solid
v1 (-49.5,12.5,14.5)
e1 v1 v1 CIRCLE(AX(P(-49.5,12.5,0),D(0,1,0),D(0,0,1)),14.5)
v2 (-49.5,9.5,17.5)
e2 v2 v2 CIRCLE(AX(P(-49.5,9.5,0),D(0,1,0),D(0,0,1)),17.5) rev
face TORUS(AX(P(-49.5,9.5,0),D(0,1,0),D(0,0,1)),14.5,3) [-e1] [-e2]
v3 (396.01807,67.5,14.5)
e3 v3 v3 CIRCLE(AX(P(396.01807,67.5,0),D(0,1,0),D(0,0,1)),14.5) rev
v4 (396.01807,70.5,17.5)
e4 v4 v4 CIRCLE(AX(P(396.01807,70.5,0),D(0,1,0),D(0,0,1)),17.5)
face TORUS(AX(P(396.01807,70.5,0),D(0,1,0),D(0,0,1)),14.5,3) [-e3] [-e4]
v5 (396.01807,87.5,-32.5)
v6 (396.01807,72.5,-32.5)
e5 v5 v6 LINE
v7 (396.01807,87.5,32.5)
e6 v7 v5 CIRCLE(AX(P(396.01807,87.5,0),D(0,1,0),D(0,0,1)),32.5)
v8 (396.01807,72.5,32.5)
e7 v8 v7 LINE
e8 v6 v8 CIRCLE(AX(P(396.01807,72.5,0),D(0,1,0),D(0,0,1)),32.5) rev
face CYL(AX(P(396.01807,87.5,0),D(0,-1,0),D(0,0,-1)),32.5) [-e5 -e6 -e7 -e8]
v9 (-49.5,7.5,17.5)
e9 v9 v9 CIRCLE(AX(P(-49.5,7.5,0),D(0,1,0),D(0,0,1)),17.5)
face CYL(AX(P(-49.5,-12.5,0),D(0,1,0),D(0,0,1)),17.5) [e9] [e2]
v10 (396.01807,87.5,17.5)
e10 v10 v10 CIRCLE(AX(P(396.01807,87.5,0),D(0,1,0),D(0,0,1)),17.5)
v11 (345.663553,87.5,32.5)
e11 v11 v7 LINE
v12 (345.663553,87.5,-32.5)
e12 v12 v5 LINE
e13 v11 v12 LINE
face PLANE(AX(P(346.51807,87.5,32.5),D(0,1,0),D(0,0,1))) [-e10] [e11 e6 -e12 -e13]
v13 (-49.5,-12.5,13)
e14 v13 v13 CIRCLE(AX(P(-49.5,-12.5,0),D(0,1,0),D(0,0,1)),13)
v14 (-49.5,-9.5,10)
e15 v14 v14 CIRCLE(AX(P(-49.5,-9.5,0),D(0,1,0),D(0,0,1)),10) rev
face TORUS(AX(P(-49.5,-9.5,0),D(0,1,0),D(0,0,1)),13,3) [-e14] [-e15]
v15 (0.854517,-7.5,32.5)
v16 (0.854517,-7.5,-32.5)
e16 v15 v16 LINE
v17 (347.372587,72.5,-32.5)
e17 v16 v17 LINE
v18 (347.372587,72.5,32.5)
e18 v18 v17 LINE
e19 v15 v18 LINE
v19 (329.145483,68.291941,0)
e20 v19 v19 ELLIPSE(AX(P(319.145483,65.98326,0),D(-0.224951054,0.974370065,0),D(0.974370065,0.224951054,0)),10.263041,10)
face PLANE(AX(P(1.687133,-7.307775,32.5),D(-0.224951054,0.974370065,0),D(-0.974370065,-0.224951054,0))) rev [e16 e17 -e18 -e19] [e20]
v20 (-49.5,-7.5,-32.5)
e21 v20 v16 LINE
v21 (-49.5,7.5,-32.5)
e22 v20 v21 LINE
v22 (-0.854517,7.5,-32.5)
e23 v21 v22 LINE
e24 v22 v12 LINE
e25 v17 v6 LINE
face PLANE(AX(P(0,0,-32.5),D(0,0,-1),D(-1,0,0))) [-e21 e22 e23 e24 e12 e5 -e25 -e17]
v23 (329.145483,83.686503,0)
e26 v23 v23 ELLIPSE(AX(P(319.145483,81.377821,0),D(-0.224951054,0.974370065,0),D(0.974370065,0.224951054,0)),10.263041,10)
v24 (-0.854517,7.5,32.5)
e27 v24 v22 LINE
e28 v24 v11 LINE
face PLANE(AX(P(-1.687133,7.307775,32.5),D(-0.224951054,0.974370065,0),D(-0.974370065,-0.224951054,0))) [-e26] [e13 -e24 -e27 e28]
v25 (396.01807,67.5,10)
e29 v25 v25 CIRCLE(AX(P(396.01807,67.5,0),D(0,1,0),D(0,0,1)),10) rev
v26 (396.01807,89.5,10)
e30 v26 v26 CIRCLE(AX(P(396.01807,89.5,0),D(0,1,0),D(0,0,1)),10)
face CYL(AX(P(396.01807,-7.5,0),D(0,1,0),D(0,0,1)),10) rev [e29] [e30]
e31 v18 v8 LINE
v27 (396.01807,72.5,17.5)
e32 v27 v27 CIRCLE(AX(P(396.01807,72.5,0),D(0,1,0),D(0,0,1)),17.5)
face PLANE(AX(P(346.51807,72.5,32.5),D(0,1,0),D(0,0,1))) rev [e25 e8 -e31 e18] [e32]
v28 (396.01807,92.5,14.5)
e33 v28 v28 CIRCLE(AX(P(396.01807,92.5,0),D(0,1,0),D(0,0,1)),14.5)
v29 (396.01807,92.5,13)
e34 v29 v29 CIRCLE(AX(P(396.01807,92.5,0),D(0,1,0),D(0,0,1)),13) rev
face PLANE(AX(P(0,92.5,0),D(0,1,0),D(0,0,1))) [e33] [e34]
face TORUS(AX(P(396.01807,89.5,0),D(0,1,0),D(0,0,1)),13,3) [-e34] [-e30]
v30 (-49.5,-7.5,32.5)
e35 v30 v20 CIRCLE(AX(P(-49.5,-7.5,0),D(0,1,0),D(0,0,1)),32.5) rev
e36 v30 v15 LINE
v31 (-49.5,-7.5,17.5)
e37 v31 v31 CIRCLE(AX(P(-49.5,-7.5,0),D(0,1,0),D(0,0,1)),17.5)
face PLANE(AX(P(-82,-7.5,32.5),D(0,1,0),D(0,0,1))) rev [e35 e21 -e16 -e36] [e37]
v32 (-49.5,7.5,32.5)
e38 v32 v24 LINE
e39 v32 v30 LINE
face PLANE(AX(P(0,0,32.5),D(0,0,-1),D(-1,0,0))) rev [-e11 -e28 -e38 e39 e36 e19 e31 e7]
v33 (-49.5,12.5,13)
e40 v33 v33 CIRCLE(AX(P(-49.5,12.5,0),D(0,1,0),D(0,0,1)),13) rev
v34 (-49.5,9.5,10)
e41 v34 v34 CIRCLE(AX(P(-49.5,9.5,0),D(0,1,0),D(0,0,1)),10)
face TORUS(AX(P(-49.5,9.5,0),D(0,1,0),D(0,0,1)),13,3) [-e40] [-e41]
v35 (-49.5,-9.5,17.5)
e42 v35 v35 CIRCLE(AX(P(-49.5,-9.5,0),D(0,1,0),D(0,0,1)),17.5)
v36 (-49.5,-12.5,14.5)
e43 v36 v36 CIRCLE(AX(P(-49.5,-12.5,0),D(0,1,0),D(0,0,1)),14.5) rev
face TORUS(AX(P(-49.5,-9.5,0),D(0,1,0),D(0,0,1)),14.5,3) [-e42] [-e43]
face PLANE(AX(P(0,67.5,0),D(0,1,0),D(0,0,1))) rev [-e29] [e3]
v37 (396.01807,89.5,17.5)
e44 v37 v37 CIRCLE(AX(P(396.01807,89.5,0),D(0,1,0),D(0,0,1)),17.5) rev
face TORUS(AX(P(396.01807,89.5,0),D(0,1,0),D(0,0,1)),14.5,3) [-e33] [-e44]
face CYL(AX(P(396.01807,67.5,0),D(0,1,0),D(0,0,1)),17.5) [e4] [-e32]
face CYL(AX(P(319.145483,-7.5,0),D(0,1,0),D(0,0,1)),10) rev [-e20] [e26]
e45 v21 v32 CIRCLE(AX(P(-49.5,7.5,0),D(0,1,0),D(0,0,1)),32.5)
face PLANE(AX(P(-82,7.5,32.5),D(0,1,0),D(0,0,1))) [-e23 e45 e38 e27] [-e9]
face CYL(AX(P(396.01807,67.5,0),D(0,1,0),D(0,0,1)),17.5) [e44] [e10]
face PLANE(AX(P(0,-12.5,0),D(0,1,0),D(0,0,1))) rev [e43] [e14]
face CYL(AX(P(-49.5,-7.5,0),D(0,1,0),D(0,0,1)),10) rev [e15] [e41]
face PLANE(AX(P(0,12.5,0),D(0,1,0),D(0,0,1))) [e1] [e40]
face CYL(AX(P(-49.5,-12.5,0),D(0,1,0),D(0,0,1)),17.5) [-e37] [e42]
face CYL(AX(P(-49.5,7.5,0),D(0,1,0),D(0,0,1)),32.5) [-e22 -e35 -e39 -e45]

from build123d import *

# Parameters (mm, degrees)
EXTRUDE_THIN1_DEPTH      = 32.5
FILLET1_RADIUS           = 32.5
FILLET1_LENGTH           = 15
FILLET2_RADIUS           = 32.5
FILLET2_LENGTH           = 15
SKETCH2_R                = 10
CUT_EXTRUDE1_DEPTH       = 441.123830606
BOSS_EXTRUDE1_DEPTH      = 5
BOSS_EXTRUDE1_DEPTH_BACK = 20
SKETCH3_R                = 17.5
SKETCH3_R_2              = 10
BOSS_EXTRUDE2_DEPTH      = 5
BOSS_EXTRUDE2_DEPTH_BACK = 20
SKETCH4_R                = 17.5
SKETCH4_R_2              = 10
FILLET3_R                = 3


with BuildPart() as part:
    # Sketch1 → Extrude-Thin1 (new, symmetric)
    with BuildSketch(Plane.XY):
        Polygon((-82, -7.5), (0.854517062, -7.5), (347.372587005, 72.5), (428.518069943, 72.5), (428.518069943, 87.5), (345.66355288, 87.5), (-0.854517062, 7.5), (-82, 7.5), align=None)
    extrude(amount=EXTRUDE_THIN1_DEPTH, both=True)

    # Fillet1: full round fillet: the end face becomes a half cylinder, R = half its width
    fillet1_face = Plane((-82, 0, 0), x_dir=(0, 1, 0), z_dir=(-1, 0, 0))  # on the end face: x along it, z out of the body
    fillet1_slab = fillet1_face.offset(-FILLET1_RADIUS / 2) * Box(FILLET1_LENGTH, 2 * FILLET1_RADIUS, FILLET1_RADIUS, mode=Mode.PRIVATE)  # the body's end, R deep
    fillet1_round = Plane((-49.5, 0, 0), x_dir=(-1, 0, 0), z_dir=(0, 1, 0)) * Cylinder(FILLET1_RADIUS, FILLET1_LENGTH, mode=Mode.PRIVATE)  # its axis R under the face
    add(fillet1_slab - fillet1_round, mode=Mode.SUBTRACT)

    # Fillet2: full round fillet: the end face becomes a half cylinder, R = half its width
    fillet2_face = Plane((428.518069943, 80, 0), x_dir=(0, -1, 0), z_dir=(1, 0, 0))  # on the end face: x along it, z out of the body
    fillet2_slab = fillet2_face.offset(-FILLET2_RADIUS / 2) * Box(FILLET2_LENGTH, 2 * FILLET2_RADIUS, FILLET2_RADIUS, mode=Mode.PRIVATE)  # the body's end, R deep
    fillet2_round = Plane((396.018069943, 80, 0), x_dir=(1, 0, 0), z_dir=(0, -1, 0)) * Cylinder(FILLET2_RADIUS, FILLET2_LENGTH, mode=Mode.PRIVATE)  # its axis R under the face
    add(fillet2_slab - fillet2_round, mode=Mode.SUBTRACT)

    # Sketch2 → Cut-Extrude1 (cut, through all)
    with BuildSketch(Plane(origin=(0, 87.5, 0), x_dir=(1, 0, 0), z_dir=(0, 1, 0))):
        with Locations(Location((396.018069943, 0, 0), (0, 0, 270))):
            Circle(SKETCH2_R)
        with Locations(Location((-49.5, 0, 0), (0, 0, 270))):
            Circle(SKETCH2_R)
        with Locations((319.145482938, 0)):
            Circle(SKETCH2_R)
    extrude(amount=-CUT_EXTRUDE1_DEPTH, mode=Mode.SUBTRACT)

    # Sketch3 → Boss-Extrude1 (add, two sides: drawn at the far end of the back side and taken through both)
    with BuildSketch(Plane(origin=(0, 7.5, 0), x_dir=(1, 0, 0), z_dir=(0, 1, 0)).offset(-BOSS_EXTRUDE1_DEPTH_BACK)):
        with Locations(Location((-49.5, 0, 0), (0, 0, 270))):
            Circle(SKETCH3_R)
        with Locations(Location((-49.5, 0, 0), (0, 0, 270))):
            Circle(SKETCH3_R_2, mode=Mode.SUBTRACT)
    extrude(amount=BOSS_EXTRUDE1_DEPTH + BOSS_EXTRUDE1_DEPTH_BACK)

    # Sketch4 → Boss-Extrude2 (add, two sides: drawn at the far end of the back side and taken through both)
    with BuildSketch(Plane(origin=(0, 87.5, 0), x_dir=(1, 0, 0), z_dir=(0, 1, 0)).offset(-BOSS_EXTRUDE2_DEPTH_BACK)):
        with Locations(Location((396.018069943, 0, 0), (0, 0, 270))):
            Circle(SKETCH4_R)
        with Locations(Location((396.018069943, 0, 0), (0, 0, 270))):
            Circle(SKETCH4_R_2, mode=Mode.SUBTRACT)
    extrude(amount=BOSS_EXTRUDE2_DEPTH + BOSS_EXTRUDE2_DEPTH_BACK)

    # Fillet3
    fillet3_edges = [part.edges().sort_by_distance(p)[0] for p in [
        (-49.5, -12.5, -10),
        (-49.5, -12.5, -17.5),
        (-49.5, 12.5, -10),
        (-49.5, 12.5, -17.5),
        (396.018069943, 67.5, -17.5),
        (396.018069943, 92.5, -10),
        (396.018069943, 92.5, -17.5),
    ]]
    fillet(fillet3_edges, radius=FILLET3_R)


solid = part.part
